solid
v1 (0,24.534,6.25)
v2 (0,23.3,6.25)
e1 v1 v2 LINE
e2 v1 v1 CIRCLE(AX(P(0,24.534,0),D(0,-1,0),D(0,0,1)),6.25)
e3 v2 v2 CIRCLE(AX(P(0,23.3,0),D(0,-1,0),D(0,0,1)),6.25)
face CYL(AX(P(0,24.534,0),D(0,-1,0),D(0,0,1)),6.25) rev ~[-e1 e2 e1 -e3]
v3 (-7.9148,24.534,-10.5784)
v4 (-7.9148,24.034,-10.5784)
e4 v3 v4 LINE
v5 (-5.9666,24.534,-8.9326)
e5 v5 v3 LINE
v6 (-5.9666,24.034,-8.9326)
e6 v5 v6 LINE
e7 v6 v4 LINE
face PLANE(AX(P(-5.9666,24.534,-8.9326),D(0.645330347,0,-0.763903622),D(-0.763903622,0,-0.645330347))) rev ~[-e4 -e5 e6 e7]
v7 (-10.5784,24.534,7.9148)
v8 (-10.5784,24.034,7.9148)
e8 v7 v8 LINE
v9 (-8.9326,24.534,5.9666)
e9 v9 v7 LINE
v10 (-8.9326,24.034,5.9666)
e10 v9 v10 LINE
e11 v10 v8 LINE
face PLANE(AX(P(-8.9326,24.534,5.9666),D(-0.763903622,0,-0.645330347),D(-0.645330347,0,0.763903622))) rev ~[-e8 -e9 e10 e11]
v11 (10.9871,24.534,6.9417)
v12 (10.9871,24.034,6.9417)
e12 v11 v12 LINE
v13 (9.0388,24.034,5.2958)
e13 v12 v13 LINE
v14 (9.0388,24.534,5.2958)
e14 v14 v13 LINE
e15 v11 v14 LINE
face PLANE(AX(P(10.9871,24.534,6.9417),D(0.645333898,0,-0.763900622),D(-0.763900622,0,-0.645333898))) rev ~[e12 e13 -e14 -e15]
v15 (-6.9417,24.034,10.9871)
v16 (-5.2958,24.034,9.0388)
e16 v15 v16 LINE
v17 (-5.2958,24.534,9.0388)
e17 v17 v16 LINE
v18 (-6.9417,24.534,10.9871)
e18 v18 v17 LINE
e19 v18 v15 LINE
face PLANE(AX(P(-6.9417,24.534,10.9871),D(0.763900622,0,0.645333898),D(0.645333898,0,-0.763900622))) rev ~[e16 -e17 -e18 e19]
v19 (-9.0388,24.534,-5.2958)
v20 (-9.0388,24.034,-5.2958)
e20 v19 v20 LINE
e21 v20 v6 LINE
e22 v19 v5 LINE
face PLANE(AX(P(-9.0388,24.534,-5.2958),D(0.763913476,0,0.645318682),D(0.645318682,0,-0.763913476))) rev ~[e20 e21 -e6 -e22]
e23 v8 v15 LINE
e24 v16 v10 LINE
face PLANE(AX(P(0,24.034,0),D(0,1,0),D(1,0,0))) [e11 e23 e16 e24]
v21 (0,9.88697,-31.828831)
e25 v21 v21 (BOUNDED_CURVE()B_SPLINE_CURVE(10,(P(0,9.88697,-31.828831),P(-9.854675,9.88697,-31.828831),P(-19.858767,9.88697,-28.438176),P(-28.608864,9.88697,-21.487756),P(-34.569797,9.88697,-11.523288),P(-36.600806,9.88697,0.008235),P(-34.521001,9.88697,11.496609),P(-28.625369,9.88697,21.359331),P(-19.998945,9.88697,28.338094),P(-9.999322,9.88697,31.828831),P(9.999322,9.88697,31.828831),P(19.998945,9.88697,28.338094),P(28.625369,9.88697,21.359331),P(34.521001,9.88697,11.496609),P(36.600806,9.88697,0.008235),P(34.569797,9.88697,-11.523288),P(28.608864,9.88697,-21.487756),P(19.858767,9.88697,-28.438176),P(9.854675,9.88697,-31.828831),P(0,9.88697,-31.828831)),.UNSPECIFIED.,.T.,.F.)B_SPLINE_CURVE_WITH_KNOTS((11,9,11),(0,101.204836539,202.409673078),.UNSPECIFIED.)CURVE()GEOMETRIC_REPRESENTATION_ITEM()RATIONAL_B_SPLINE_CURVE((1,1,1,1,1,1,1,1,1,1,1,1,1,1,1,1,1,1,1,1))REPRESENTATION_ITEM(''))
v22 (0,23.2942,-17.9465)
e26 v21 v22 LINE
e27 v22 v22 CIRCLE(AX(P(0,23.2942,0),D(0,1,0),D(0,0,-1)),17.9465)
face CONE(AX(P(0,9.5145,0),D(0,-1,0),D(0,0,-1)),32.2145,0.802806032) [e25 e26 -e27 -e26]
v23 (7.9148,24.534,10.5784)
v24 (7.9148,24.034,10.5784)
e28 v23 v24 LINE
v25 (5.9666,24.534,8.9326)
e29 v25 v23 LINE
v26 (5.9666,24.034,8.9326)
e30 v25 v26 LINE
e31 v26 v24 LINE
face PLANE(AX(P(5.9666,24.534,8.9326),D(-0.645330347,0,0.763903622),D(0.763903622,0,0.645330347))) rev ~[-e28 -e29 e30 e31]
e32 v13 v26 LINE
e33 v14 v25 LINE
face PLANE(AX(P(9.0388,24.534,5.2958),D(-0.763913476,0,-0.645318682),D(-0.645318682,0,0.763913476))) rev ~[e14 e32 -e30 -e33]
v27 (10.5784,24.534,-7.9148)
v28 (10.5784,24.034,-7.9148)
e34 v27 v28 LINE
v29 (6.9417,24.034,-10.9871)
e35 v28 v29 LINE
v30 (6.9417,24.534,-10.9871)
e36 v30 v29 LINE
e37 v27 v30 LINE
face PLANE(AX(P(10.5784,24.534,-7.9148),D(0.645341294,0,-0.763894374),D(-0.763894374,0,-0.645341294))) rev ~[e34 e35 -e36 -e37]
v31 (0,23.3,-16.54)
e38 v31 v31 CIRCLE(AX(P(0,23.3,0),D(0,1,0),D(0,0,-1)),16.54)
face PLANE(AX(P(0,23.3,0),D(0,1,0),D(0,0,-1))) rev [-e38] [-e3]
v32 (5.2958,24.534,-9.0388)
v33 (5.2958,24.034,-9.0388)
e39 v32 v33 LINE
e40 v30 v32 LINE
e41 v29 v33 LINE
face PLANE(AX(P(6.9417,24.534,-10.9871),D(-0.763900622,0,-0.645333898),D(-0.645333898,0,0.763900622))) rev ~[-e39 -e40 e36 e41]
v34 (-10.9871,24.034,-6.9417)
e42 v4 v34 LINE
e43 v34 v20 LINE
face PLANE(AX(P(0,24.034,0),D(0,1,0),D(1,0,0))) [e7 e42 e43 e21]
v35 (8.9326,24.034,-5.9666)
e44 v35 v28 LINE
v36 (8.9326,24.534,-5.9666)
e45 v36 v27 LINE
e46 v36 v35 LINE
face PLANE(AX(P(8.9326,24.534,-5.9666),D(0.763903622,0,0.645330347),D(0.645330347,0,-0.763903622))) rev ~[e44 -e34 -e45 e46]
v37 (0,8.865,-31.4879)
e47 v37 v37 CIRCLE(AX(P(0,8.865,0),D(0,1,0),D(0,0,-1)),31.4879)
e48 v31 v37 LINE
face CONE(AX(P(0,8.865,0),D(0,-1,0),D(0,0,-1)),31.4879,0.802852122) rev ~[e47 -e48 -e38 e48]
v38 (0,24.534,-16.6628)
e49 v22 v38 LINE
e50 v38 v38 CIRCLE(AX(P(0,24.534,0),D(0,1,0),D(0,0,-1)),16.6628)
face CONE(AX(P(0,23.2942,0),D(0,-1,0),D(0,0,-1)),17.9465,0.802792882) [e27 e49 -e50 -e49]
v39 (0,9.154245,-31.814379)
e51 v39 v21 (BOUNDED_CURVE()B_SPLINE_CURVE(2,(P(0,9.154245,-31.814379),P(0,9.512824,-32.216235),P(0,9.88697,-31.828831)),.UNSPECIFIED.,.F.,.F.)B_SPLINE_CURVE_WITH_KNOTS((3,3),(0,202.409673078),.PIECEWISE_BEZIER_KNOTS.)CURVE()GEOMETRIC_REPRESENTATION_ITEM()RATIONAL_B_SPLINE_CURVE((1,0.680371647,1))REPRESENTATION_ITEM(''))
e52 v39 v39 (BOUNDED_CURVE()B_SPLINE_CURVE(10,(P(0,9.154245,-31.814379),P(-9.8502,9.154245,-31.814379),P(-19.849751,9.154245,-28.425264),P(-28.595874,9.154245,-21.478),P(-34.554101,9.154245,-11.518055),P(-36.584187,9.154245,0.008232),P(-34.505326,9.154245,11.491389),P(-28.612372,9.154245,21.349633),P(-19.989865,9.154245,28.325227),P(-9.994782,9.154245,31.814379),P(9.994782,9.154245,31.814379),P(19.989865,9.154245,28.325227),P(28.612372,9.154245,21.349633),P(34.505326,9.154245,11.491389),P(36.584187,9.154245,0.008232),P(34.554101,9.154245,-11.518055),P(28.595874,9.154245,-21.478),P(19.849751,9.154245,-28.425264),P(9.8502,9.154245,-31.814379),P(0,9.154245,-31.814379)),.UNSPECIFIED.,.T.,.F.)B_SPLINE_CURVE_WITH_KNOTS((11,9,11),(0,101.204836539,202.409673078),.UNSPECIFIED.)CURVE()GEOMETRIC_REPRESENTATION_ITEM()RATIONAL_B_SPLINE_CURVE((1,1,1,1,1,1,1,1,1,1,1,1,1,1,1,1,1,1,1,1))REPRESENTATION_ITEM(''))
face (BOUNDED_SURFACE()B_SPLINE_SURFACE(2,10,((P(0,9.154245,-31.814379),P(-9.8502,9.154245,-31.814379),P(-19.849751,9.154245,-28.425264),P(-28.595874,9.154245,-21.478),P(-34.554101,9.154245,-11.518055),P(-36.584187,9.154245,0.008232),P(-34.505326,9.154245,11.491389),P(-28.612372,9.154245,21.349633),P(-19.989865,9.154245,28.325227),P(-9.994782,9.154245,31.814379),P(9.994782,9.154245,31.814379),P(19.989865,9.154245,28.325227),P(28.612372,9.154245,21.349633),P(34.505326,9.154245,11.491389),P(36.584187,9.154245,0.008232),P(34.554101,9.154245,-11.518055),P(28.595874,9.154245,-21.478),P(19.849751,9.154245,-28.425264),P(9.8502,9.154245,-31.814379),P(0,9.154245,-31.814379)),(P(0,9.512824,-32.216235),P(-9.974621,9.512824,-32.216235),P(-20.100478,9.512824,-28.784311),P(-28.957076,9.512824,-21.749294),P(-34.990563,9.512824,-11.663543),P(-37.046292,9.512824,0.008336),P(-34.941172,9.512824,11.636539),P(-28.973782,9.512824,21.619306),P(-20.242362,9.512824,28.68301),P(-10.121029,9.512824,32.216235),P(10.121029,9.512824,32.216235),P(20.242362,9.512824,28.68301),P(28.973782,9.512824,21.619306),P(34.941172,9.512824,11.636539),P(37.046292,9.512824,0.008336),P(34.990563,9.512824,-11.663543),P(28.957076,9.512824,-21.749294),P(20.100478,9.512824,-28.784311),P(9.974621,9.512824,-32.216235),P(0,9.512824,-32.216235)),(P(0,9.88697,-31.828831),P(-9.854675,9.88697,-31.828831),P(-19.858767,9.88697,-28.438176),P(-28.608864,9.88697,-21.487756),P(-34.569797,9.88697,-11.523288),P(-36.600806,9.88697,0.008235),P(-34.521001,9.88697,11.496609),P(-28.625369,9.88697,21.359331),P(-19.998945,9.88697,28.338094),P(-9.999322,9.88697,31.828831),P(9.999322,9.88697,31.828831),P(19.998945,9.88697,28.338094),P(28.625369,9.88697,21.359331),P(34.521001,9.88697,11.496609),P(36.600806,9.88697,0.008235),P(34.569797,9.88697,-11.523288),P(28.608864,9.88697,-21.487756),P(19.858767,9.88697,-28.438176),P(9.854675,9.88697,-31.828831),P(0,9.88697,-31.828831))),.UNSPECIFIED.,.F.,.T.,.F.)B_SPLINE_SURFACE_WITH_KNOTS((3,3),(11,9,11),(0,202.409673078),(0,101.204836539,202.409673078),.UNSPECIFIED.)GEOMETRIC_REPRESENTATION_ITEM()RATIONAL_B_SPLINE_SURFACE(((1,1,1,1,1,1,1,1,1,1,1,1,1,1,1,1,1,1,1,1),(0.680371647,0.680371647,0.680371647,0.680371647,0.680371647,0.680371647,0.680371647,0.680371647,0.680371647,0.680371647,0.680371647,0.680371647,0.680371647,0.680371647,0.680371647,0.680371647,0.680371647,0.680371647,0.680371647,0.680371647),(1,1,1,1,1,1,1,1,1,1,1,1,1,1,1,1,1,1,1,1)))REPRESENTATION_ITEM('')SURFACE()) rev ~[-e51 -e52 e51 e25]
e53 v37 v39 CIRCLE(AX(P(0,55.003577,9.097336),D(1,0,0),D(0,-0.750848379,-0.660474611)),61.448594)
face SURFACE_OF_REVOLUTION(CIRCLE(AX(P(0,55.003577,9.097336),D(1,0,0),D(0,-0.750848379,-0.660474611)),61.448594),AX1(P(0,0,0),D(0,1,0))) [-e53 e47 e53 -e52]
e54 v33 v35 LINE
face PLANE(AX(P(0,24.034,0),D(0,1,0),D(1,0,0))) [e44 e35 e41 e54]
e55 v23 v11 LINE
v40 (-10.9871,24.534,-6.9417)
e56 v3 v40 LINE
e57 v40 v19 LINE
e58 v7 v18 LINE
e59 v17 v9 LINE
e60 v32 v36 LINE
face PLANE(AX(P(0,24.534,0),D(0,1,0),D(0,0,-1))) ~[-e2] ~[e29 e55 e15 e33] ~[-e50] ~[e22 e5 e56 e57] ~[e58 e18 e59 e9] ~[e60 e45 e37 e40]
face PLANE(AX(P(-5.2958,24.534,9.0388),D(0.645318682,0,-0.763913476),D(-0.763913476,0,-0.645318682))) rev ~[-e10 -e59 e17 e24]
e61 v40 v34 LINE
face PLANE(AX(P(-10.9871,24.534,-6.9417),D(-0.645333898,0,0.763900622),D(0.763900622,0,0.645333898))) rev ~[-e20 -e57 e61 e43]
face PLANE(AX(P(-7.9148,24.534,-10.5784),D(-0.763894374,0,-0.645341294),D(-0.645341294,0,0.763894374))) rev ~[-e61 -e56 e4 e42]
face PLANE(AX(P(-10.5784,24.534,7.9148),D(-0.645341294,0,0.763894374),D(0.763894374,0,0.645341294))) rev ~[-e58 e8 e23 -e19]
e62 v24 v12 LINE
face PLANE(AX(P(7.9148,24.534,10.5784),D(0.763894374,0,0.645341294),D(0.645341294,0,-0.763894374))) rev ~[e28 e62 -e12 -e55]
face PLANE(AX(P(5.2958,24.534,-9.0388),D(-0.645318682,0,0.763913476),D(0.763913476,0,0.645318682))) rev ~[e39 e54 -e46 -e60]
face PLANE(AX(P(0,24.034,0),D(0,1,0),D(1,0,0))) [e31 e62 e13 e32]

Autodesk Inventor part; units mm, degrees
ref_plane "YZ Plane" through (0, 0, 0) normal (1, 0, 0) x (0, 1, 0)
ref_plane "XZ Plane" through (0, 0, 0) normal (0, 1, 0) x (-1, 0, 0)
ref_plane "XY Plane" through (0, 0, 0) normal (0, 0, 1) x (1, 0, 0)
sketch "Sketch1" plane through (0, 0, 0) normal (1, 0, 0) x (0, 1, 0)
  line L0 (8.865, -31.4879) -> (23.3, -16.54)
  line L1 (23.3, -16.54) -> (23.2885, -19.3531)
  line L2 (10.1754, -32.9308) -> (23.2885, -19.3531)
  arc A0 (8.865, -31.4879) -> (10.1754, -32.9308) centre (54.9627, 9.0608) ccw
  line L3 (9.5145, -32.2145) -> (23.2942, -17.9465)
  line L4 (0, 0) -> (23.3, 0)
  line L5 (0, 0) -> (26.462, 0)
  line L6 (23.3, 0) -> (23.3, -16.54)
  line L7 (23.3, -16.54) -> (15.7759, -24.3314)
  line L8 (23.2885, -19.3531) -> (27.5047, -14.9875)
  line L9 (23.3, 0) -> (24.534, 0)
  line L10 (24.534, 0) -> (24.534, -16.6628)
  line L11 (23.2942, -17.9465) -> (24.534, -16.6628)
  dimension "d0" = 23.3
  dimension "d1" = 16.54
  dimension "d2" = 18.8761
  dimension "d3" = 20.78
  dimension "d4" = 61.3938
  dimension "d5" = 2.8131
  dimension "d6" = 136
  dimension "d17" = 1.9491
  dimension "d18" = 16.6628
  dimension "d19" = 1.928
  dimension "d20" = 4.3656
  dimension "d21" = 7.1565
revolve "Revolution1" add sketch "Sketch1" angle 360 about axis through (0, 0, 0) along (0, 1, 0) contours L0 L1 L3 A0 | L6 L5 L10 L11 L1
sketch "Sketch2" plane through (0, 24.534, 0) normal (0, 1, 0) x (1, 0, 0)
  circle A0 centre (0, 0) radius 6.25
  dimension "d8" = 12.5
hole "Hole1" at (0, 24.534, 0) direction (0, -1, 0) diameter 12.5 depth 2
fillet "Fillet1" radius 0.5 1 edges at (0, 9.5145, 32.2145)
sketch "Sketch5" plane through (0, 24.534, 0) normal (0, 1, 0) x (1, 0, 0)
  line L0 (-5.9666, 8.9326) -> (-7.9148, 10.5784)
  line L1 (-7.9148, 10.5784) -> (-10.9871, 6.9417)
  line L2 (-10.9871, 6.9417) -> (-9.0388, 5.2958)
  line L3 (-9.0388, 5.2958) -> (-5.9666, 8.9326)
  line L4 (-6.9417, -10.9871) -> (-5.2958, -9.0388)
  line L5 (-8.9326, -5.9666) -> (-10.5784, -7.9148)
  line L6 (-10.5784, -7.9148) -> (-6.9417, -10.9871)
  line L7 (-5.2958, -9.0388) -> (-8.9326, -5.9666)
  line L8 (10.9871, -6.9417) -> (9.0388, -5.2958)
  line L9 (5.9666, -8.9326) -> (7.9148, -10.5784)
  line L10 (7.9148, -10.5784) -> (10.9871, -6.9417)
  line L11 (9.0388, -5.2958) -> (5.9666, -8.9326)
  line L12 (6.9417, 10.9871) -> (5.2958, 9.0388)
  line L13 (8.9326, 5.9666) -> (10.5784, 7.9148)
  line L14 (10.5784, 7.9148) -> (6.9417, 10.9871)
  line L15 (5.2958, 9.0388) -> (8.9326, 5.9666)
  point P0 (0, 0)
  point P1 (0, 0)
  point P2 (-10.0129, 6.1188)
  point P3 (-6.1188, -10.0129)
  point P4 (10.0129, -6.1188)
  point P5 (6.1188, 10.0129)
  dimension "d28" = 4.7607
  dimension "d29" = 2.5504
  dimension "d30" = 5.2958
  dimension "d31" = 9.0388
  dimension "d32" = 6.1188
  dimension "d33" = 360
extrude "Extrusion1" cut sketch "Sketch5" against normal blind 0.5
properties part number "Back Cover"
